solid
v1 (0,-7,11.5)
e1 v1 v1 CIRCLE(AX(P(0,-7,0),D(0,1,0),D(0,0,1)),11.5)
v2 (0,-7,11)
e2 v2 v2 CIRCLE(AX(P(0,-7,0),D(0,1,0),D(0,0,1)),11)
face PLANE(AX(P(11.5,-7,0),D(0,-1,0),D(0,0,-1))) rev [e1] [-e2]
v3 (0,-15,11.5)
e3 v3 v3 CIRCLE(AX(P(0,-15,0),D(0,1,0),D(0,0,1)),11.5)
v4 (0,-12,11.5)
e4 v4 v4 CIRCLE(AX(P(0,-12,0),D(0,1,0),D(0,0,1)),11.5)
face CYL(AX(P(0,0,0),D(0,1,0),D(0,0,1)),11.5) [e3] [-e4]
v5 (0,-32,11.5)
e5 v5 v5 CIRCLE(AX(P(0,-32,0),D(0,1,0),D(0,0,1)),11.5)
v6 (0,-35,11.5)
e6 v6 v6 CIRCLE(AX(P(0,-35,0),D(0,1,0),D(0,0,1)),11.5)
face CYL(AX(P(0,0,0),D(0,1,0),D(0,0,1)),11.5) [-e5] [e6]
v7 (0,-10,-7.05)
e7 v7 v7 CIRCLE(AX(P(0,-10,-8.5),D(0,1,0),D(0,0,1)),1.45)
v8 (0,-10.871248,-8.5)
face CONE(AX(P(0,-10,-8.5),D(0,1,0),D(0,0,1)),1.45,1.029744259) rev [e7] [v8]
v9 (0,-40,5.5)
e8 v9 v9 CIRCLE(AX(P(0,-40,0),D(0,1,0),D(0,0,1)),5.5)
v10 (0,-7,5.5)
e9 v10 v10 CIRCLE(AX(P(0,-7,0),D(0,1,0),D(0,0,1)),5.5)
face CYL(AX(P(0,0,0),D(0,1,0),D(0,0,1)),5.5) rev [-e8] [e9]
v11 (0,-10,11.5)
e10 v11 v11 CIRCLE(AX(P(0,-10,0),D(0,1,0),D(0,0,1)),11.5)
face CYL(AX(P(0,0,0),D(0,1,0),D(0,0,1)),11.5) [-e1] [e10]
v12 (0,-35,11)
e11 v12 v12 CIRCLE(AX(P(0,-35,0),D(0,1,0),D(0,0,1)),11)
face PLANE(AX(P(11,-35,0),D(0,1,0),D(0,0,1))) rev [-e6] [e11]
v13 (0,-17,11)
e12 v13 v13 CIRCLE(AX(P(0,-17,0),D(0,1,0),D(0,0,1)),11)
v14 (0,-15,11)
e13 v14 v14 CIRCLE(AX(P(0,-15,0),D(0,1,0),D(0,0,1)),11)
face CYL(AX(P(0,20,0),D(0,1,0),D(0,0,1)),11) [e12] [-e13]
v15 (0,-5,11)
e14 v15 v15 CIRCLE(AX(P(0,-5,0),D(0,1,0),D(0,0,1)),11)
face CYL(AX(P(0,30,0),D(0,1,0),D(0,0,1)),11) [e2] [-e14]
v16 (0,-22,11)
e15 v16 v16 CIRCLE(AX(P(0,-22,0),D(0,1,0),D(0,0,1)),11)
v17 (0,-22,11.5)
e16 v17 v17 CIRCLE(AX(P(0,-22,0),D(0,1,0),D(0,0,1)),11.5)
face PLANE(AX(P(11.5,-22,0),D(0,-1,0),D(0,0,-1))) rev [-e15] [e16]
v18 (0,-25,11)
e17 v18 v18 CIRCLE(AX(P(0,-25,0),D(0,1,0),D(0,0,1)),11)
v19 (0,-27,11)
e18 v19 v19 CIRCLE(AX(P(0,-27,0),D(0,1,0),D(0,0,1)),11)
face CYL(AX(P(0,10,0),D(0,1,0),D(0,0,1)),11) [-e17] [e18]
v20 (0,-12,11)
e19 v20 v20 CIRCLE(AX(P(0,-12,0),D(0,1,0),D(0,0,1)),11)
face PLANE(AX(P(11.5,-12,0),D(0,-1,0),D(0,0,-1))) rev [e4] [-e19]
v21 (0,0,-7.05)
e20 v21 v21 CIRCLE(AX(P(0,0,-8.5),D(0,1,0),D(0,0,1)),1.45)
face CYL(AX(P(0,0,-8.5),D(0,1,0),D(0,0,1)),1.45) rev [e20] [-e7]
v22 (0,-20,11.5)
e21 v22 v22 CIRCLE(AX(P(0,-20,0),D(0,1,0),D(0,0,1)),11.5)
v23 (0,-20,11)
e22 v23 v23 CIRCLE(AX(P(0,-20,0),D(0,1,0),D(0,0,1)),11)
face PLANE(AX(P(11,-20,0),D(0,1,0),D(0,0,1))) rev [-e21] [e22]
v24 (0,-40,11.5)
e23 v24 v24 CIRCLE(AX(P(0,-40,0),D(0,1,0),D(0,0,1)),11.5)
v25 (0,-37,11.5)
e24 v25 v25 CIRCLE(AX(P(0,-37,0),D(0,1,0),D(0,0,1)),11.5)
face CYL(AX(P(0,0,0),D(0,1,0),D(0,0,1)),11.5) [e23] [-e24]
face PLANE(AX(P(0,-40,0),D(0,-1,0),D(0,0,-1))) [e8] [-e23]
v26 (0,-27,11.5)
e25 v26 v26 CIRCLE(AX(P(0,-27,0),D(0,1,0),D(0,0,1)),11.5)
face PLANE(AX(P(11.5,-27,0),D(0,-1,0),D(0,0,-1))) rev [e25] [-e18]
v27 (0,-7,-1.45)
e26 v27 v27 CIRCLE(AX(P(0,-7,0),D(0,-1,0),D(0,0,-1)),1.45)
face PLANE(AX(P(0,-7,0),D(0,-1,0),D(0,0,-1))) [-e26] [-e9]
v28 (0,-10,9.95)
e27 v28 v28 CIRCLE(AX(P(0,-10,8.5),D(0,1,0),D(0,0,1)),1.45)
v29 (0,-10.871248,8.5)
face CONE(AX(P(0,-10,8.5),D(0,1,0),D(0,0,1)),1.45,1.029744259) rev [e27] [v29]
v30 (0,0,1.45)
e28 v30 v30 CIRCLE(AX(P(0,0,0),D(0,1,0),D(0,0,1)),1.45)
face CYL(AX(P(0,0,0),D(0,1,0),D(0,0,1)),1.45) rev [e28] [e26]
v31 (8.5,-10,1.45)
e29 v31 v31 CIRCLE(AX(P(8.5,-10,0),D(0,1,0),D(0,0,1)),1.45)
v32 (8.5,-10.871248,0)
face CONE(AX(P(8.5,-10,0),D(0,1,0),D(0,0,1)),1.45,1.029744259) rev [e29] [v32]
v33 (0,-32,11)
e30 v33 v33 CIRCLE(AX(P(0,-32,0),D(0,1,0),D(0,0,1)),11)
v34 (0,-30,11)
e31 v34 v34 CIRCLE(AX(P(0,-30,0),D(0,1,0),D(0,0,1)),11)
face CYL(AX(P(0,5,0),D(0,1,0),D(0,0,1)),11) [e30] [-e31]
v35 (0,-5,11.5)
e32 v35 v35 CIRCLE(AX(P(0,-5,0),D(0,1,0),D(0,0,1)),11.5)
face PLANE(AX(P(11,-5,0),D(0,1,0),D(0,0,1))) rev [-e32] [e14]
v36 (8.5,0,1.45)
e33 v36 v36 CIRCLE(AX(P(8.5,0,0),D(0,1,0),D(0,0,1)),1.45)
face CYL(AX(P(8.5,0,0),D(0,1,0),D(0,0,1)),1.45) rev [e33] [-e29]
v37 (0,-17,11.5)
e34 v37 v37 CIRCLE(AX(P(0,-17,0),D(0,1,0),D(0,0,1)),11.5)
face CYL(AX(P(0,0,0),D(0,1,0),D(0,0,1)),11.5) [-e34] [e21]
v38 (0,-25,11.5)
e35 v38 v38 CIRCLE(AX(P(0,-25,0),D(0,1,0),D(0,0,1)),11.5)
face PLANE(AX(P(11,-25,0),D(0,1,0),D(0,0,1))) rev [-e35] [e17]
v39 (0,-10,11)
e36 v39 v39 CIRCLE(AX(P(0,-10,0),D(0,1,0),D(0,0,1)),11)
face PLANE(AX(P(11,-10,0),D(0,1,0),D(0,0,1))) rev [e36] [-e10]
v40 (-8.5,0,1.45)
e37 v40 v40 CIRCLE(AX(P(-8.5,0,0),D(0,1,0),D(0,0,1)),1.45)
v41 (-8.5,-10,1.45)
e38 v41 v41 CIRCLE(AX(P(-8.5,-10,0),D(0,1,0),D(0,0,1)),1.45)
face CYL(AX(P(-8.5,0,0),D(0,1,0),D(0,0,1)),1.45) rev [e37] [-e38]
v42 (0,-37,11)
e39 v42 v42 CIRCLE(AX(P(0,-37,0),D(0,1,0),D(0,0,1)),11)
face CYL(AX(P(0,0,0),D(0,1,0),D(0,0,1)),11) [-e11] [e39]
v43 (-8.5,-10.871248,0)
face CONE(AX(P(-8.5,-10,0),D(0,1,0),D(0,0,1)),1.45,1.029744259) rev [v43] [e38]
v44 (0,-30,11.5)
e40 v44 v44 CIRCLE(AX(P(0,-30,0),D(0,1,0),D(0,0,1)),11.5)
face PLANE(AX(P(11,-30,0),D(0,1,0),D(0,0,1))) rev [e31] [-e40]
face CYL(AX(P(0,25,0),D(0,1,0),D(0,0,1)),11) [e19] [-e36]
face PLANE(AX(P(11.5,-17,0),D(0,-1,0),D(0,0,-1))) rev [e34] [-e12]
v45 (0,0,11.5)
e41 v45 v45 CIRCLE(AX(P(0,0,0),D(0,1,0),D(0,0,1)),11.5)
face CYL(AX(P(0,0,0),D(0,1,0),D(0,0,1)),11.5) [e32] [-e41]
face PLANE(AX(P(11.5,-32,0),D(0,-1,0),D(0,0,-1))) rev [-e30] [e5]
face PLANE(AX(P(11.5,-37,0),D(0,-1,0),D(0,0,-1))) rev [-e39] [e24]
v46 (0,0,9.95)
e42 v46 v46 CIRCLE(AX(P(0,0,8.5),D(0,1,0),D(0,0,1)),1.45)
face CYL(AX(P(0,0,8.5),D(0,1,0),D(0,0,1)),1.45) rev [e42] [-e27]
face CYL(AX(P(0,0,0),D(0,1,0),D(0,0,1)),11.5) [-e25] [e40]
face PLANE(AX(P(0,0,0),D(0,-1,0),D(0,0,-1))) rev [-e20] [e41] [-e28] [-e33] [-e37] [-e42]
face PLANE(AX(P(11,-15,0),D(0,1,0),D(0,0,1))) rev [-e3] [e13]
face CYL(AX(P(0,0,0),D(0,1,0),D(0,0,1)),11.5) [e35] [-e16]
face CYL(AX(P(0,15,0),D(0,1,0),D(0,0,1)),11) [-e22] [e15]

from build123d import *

# Parameters (mm, degrees)
SKETCH3_W                   = 0.5
SKETCH3_H                   = 2
LPATTERN1_COUNT             = 7
LPATTERN1_PITCH             = 5
M3_5X0_6_TAPPED_HOLE1_D     = 2.9
M3_5X0_6_TAPPED_HOLE1_DEPTH = 10
M3_5X0_6_TAPPED_HOLE1_TIP   = 0.871247898


with BuildPart() as part:
    # Sketch2 → Revolve1 (revolve)
    with BuildSketch(Plane.XY, mode=Mode.PRIVATE) as revolve1_sk:
        Polygon((0, 0), (-11.5, 0), (-11.5, -40), (-5.5, -40), (-5.5, -7), (0, -7), align=None)
    revolve(revolve1_sk.sketch.rotate(Axis((0, 0, 0), (0, -1, 0)), 270), axis=Axis((0, 0, 0), (0, -1, 0)))

    # Sketch3 → Cut-Revolve1 (revolve, cut)
    with BuildSketch(Plane.XY, mode=Mode.PRIVATE) as cut_revolve1_sk:
        with Locations((11.25, -36)):
            Rectangle(SKETCH3_W, SKETCH3_H)
    cut_revolve1 = revolve(cut_revolve1_sk.sketch.rotate(Axis((0, 0, 0), (0, -1, 0)), 90), axis=Axis((0, 0, 0), (0, -1, 0)), mode=Mode.SUBTRACT)

    # LPattern1: Cut-Revolve1 ×7
    with Locations(*[(0, i * LPATTERN1_PITCH, 0) for i in range(1, LPATTERN1_COUNT)]):
        add(cut_revolve1, mode=Mode.SUBTRACT)

    # M3.5x0.6 Tapped Hole1
    with Locations(Plane(origin=(0, 0, 0), x_dir=(1, 0, 0), z_dir=(0, 1, 0))):
        with Locations((8.5, 0), (0, 0), (-8.5, 0), (0, 8.5), (0, -8.5)):
            Hole(M3_5X0_6_TAPPED_HOLE1_D / 2, depth=M3_5X0_6_TAPPED_HOLE1_DEPTH)
            with Locations((0, 0, -(M3_5X0_6_TAPPED_HOLE1_DEPTH + M3_5X0_6_TAPPED_HOLE1_TIP / 2))):  # 118° drill point
                Cone(0, M3_5X0_6_TAPPED_HOLE1_D / 2, M3_5X0_6_TAPPED_HOLE1_TIP, mode=Mode.SUBTRACT)


solid = part.part
